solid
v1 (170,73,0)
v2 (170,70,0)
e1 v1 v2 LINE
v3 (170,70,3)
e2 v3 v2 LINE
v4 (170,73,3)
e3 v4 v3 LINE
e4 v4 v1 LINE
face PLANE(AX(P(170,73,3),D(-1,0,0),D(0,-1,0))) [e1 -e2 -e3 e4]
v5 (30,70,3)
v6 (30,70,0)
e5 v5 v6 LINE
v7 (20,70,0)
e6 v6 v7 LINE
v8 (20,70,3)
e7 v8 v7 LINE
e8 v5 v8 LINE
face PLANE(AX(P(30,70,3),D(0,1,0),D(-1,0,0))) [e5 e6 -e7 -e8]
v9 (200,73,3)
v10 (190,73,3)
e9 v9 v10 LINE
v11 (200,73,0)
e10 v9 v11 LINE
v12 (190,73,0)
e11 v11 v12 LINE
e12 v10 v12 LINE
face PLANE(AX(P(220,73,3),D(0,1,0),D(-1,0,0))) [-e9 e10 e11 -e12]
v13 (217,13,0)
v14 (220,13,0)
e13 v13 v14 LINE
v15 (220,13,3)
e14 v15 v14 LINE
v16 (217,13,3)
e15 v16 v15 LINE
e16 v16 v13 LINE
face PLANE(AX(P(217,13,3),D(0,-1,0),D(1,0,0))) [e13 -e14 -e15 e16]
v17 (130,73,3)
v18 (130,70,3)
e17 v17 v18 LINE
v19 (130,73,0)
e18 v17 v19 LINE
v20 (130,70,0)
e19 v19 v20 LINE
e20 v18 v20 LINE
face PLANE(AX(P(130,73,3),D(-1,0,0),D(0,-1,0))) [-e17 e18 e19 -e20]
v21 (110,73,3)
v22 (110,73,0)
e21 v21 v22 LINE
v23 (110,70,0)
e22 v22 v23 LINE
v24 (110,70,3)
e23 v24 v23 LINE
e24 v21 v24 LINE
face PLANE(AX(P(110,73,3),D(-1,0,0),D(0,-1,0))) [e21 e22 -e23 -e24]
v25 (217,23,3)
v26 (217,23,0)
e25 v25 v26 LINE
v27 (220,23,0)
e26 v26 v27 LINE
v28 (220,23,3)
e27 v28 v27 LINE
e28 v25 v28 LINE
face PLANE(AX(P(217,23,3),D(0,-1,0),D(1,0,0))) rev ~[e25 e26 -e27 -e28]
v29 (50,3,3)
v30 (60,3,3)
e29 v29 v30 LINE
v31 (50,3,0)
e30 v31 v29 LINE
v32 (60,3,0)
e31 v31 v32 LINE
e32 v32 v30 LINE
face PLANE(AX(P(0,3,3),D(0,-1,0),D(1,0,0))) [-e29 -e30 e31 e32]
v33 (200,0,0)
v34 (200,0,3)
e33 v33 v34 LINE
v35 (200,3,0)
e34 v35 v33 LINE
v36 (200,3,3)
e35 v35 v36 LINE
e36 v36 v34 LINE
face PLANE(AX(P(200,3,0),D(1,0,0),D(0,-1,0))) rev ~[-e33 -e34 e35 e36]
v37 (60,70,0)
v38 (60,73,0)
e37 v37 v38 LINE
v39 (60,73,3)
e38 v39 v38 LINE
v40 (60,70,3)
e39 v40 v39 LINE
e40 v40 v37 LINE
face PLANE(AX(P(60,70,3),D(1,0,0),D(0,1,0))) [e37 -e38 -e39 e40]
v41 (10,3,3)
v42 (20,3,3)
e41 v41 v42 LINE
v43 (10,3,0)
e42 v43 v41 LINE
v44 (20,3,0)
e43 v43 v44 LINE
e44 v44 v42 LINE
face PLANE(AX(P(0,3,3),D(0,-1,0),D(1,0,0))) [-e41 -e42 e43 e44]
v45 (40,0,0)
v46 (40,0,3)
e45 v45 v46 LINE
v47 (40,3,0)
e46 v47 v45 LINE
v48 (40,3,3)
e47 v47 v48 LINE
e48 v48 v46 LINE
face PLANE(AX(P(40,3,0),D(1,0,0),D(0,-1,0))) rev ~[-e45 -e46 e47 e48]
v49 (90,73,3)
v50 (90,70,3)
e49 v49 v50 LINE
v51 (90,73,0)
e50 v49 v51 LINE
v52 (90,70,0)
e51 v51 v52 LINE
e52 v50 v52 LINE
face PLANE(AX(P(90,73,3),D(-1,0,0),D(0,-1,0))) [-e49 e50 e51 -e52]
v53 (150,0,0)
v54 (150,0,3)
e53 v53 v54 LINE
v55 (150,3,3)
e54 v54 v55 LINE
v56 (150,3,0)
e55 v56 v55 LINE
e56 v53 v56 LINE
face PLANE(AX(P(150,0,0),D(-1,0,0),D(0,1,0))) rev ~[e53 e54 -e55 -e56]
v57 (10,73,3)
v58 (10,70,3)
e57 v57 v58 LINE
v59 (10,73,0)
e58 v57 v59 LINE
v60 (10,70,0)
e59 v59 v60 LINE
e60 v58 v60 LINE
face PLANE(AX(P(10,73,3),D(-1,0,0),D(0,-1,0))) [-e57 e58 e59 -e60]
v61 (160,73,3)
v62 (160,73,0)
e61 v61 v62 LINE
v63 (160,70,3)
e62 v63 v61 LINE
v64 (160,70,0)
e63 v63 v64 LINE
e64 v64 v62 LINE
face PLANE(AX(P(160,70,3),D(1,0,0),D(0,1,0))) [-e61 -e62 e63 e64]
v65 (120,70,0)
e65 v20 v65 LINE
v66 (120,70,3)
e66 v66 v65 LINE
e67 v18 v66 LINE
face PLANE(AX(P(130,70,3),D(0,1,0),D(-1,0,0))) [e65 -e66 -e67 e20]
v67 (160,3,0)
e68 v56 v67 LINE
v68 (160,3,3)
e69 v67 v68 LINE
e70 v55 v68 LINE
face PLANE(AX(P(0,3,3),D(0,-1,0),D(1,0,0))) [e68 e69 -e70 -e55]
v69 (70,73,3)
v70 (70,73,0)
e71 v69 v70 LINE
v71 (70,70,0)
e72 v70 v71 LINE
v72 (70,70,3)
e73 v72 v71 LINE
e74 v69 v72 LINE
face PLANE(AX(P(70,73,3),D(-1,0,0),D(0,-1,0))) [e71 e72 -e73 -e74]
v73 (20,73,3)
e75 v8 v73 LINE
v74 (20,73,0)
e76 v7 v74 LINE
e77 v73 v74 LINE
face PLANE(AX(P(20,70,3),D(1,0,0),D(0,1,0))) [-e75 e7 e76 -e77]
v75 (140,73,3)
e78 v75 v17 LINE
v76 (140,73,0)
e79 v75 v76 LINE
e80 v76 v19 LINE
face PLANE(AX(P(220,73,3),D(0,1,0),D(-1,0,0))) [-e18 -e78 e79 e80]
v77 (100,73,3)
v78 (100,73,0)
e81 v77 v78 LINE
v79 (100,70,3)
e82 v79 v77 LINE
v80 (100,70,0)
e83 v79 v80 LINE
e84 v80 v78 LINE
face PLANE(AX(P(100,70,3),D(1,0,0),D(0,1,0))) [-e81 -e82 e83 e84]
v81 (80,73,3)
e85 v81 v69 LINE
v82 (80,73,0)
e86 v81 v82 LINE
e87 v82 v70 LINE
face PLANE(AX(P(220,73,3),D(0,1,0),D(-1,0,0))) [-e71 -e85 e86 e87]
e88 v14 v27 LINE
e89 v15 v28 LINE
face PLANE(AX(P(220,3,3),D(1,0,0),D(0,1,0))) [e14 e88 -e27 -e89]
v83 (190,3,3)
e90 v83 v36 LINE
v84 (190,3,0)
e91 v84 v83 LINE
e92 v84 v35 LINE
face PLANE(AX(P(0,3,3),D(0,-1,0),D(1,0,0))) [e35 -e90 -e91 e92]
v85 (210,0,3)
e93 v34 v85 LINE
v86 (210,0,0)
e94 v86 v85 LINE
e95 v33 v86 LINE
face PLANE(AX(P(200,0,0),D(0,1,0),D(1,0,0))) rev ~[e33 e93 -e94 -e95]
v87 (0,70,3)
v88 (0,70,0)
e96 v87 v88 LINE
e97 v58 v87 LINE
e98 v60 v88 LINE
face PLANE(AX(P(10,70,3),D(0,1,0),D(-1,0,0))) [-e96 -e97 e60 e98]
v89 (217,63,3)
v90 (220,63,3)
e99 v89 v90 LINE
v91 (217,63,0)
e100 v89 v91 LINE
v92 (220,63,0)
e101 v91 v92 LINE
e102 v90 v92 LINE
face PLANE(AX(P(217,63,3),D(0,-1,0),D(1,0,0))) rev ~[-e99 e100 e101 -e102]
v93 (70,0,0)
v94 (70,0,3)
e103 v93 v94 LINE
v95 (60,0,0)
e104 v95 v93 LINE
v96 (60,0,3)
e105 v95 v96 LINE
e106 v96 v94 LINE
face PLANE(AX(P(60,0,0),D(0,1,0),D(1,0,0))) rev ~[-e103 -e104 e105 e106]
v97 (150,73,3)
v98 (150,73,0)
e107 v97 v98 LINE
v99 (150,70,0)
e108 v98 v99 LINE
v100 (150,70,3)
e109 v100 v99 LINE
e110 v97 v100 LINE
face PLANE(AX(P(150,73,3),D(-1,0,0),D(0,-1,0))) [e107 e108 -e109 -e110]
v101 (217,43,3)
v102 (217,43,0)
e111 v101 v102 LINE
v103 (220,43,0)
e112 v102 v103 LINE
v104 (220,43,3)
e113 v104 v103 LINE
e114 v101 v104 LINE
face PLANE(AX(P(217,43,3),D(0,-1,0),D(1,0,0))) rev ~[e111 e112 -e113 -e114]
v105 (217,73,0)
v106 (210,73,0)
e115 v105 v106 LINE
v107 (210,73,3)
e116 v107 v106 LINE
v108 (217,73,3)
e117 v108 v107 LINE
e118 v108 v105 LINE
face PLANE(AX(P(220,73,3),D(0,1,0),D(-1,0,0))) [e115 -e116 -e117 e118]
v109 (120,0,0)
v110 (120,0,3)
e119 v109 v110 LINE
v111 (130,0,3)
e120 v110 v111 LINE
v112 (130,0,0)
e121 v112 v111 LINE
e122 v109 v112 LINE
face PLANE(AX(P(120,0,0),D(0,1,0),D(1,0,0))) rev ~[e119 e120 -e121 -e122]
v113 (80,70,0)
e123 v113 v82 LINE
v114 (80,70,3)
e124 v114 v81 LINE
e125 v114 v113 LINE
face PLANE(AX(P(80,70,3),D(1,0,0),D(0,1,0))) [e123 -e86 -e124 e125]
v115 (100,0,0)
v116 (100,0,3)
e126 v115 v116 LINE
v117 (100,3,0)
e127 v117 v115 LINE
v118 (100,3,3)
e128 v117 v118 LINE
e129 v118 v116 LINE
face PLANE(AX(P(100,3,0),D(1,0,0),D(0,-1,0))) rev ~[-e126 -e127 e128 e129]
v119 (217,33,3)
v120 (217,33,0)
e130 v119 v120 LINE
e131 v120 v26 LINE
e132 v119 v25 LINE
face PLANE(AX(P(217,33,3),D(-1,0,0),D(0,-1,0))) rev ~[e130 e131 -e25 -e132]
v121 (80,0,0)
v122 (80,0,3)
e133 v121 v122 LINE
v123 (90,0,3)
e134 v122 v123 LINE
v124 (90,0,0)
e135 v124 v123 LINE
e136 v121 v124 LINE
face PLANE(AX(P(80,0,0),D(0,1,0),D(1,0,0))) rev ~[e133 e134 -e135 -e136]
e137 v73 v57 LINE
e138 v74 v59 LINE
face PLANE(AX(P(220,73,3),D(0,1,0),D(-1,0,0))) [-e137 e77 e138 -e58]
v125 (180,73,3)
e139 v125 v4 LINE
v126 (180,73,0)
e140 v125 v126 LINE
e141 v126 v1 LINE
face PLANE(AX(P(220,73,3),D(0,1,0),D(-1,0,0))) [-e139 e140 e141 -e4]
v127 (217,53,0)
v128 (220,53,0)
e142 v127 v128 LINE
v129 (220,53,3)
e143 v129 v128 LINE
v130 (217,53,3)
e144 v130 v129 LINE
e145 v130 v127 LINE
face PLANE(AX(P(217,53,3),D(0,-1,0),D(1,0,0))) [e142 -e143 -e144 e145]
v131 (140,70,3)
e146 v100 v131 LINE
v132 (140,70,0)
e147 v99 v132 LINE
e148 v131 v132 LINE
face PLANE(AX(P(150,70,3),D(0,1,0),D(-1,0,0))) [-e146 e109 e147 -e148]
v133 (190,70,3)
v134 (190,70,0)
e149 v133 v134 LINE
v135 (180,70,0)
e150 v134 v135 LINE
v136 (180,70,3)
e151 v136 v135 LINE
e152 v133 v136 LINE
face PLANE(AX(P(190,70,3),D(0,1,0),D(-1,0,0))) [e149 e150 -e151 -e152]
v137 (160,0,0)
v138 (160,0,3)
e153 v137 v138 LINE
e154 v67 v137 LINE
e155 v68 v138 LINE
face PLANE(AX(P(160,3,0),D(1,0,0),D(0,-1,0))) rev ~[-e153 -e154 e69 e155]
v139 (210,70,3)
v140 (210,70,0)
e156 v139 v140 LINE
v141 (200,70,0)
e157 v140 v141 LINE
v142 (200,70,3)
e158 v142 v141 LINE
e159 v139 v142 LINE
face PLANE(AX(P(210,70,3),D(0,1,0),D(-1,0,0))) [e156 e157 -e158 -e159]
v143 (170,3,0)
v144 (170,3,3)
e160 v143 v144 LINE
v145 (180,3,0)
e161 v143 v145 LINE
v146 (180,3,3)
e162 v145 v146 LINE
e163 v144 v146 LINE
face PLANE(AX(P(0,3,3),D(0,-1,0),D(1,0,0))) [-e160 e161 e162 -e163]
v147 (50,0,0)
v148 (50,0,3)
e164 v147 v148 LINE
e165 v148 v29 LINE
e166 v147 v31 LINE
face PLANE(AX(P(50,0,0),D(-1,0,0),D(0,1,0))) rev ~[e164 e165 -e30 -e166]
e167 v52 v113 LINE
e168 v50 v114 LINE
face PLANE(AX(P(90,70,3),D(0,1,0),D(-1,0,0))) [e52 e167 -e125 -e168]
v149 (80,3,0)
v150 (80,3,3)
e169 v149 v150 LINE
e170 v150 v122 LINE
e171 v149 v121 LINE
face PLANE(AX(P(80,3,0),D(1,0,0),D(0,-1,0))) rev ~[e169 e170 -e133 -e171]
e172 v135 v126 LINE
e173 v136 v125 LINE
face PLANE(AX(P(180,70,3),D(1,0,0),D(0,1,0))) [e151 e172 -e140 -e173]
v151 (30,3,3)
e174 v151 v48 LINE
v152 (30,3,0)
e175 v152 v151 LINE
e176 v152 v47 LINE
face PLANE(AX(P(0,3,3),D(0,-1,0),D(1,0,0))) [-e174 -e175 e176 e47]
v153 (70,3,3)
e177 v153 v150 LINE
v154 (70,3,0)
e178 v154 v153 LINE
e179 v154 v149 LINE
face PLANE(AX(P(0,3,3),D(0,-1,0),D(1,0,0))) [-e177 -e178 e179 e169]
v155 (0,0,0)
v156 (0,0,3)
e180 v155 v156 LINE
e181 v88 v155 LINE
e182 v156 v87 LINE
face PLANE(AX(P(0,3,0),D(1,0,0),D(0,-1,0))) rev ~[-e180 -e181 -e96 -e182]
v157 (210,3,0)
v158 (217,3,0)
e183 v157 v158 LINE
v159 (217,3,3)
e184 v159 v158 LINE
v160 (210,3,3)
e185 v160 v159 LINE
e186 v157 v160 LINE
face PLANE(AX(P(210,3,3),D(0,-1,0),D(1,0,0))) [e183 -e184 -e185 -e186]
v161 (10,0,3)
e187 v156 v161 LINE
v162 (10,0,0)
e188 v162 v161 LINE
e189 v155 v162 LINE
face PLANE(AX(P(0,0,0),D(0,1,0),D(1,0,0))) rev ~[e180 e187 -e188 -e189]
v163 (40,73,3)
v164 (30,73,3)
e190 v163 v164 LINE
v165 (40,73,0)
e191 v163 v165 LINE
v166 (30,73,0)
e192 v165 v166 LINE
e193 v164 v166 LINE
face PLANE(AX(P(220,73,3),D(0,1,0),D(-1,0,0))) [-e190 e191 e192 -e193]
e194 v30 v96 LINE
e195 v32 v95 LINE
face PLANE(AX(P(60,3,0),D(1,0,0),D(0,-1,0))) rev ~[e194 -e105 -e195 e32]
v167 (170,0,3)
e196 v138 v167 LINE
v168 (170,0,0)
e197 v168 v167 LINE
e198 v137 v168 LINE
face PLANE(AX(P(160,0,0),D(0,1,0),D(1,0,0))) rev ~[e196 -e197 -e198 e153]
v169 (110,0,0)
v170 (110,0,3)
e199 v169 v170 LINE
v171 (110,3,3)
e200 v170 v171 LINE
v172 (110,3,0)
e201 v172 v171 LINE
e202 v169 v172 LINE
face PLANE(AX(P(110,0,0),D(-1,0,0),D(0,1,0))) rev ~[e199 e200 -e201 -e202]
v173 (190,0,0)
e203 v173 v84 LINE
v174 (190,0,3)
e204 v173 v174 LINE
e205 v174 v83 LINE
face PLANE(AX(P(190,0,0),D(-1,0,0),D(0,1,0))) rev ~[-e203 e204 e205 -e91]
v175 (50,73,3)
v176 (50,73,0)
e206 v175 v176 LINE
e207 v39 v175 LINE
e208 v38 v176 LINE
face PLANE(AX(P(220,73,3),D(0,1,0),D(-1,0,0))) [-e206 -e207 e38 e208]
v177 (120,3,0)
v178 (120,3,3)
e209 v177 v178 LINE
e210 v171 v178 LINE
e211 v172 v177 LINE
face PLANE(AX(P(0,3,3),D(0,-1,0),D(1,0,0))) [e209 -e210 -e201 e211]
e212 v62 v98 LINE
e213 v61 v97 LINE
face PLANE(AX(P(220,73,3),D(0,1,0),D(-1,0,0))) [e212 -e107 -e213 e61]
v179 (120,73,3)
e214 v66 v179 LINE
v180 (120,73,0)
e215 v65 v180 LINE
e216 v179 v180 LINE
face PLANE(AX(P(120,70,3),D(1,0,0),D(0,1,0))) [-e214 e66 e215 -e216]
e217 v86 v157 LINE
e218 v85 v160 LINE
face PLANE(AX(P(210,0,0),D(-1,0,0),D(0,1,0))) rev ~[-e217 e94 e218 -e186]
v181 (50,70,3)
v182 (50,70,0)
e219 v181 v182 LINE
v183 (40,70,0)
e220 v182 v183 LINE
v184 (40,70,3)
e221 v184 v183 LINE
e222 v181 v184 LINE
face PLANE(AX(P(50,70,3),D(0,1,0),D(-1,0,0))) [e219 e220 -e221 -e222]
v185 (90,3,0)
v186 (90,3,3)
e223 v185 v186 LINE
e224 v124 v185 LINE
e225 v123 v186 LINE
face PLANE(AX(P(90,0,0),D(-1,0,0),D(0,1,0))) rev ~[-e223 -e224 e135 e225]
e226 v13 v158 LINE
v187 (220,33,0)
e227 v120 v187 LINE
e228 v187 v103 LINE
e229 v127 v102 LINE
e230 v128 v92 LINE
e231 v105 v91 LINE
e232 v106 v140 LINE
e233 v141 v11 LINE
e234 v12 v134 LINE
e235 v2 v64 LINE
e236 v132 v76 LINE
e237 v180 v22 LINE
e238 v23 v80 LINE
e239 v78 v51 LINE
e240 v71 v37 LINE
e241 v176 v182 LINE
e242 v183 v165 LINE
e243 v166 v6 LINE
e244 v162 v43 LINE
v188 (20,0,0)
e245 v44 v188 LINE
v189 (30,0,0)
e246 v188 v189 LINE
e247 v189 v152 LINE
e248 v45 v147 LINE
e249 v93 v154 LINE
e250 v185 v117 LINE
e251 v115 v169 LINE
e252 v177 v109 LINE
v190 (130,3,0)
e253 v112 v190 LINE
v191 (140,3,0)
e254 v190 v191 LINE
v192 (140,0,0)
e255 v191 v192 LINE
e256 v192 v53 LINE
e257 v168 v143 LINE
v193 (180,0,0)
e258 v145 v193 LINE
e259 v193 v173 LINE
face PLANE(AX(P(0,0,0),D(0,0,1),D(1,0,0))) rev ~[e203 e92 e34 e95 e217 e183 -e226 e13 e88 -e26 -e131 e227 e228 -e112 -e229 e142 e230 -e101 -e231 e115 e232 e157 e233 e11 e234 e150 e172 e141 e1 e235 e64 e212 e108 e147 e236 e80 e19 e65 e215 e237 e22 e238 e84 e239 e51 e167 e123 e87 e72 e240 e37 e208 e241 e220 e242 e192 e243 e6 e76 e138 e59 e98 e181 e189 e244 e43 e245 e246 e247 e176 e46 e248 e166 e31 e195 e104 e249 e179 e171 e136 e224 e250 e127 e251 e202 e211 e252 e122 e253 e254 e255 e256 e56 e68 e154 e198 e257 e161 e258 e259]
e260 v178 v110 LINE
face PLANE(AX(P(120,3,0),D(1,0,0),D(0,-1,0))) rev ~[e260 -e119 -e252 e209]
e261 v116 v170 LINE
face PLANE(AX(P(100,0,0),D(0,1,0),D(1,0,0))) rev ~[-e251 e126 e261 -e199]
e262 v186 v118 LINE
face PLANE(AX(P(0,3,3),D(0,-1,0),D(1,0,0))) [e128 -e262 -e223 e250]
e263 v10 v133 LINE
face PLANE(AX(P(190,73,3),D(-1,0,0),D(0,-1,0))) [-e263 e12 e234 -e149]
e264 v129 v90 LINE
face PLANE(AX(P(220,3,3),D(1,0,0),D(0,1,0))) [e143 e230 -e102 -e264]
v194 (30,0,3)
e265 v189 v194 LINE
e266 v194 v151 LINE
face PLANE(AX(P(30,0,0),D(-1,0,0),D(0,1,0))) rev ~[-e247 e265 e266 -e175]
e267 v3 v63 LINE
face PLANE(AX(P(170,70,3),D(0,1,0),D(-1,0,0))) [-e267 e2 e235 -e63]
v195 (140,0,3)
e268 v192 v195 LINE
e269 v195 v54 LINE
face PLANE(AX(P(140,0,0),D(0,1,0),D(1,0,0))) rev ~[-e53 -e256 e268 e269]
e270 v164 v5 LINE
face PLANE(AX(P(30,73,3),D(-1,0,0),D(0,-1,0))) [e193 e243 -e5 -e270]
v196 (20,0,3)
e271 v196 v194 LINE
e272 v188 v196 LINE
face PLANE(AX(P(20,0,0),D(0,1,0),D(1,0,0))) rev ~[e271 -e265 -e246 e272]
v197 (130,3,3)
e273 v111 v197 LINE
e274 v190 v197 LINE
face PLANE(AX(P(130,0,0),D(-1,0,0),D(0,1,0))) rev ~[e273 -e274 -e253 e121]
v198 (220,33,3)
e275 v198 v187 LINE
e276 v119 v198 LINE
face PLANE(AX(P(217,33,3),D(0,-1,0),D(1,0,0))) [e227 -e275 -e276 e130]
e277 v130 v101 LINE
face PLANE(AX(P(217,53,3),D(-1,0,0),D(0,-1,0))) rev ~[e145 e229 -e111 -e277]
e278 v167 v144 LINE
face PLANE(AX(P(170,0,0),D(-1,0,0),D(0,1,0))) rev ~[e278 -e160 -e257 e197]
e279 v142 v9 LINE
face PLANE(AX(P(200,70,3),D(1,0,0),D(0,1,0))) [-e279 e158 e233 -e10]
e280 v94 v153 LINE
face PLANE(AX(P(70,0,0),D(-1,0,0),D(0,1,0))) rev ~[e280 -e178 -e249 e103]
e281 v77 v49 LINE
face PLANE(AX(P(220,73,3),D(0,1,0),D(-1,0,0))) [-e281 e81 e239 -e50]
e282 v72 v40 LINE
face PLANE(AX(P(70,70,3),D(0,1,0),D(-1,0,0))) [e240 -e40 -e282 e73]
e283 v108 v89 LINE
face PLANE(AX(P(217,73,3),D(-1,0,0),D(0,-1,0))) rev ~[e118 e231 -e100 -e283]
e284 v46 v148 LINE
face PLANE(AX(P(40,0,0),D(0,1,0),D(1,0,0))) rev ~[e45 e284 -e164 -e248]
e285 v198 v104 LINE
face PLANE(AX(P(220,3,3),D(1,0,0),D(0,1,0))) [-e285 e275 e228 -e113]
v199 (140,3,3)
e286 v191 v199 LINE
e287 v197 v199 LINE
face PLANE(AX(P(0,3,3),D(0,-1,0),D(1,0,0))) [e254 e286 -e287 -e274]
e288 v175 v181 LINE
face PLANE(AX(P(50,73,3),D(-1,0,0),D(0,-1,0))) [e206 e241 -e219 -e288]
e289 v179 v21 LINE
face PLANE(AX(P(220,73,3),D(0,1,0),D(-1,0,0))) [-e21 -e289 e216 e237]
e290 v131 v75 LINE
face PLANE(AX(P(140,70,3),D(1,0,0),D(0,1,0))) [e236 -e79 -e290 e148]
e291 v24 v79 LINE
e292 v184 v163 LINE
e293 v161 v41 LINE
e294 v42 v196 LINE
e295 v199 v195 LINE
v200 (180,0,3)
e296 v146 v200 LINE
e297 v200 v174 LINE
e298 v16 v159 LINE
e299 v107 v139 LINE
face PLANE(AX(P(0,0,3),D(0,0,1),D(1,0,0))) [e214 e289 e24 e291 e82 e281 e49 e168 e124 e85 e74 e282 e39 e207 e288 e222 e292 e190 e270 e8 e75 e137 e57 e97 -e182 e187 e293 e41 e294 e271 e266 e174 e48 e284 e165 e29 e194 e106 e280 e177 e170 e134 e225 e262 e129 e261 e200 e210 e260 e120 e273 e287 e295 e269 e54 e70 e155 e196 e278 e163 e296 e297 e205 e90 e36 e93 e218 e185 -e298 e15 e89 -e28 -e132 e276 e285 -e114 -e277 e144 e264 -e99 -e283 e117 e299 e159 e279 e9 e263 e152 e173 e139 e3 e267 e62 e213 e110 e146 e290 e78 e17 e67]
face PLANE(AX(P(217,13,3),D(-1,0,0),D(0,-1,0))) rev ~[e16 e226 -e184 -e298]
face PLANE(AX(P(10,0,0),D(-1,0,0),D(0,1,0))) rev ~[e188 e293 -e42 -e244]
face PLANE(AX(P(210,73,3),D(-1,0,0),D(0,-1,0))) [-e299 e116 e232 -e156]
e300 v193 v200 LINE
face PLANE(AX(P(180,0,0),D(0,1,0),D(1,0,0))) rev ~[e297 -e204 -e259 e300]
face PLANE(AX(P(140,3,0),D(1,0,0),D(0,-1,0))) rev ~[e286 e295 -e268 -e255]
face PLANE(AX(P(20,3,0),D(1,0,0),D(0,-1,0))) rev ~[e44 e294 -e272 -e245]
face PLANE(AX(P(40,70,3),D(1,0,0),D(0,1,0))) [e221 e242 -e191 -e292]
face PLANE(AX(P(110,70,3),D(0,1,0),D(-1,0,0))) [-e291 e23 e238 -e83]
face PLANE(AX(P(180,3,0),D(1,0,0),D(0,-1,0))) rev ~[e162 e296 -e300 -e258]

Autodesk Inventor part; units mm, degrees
ref_plane "YZ Plane" through (0, 0, 0) normal (1, 0, 0) x (0, 1, 0)
ref_plane "XZ Plane" through (0, 0, 0) normal (0, 1, 0) x (-1, 0, 0)
ref_plane "XY Plane" through (0, 0, 0) normal (0, 0, 1) x (1, 0, 0)
sketch "Эскиз1" plane through (0, 0, 0) normal (0, 0, 1) x (1, 0, 0)
  line L0 (0, 0) -> (10, 0)
  line L1 (10, 0) -> (10, 3)
  line L2 (10, 3) -> (0, 3)
  line L3 (0, 3) -> (0, 0)
  dimension "d0" = 10
  dimension "d1" = 3
extrude "Выдавливание1" add sketch "Эскиз1" along normal blind 3
pattern_linear "Прямоуг.массив1" count 11 spacing 20 along (1, 0, 0) of "Выдавливание1"
sketch "Эскиз2" plane through (0, 0, 3) normal (0, 0, 1) x (1, 0, 0)
  line L0 (0, 3) -> (0, 0) projected
  line L1 (0, 3) -> (220, 3)
  line L2 (220, 3) -> (220, 73)
  line L3 (220, 73) -> (0, 73)
  line L4 (0, 73) -> (0, 3)
  line L5 (210, 0) -> (210, 3) projected
  dimension "d8" = 70
  dimension "d11" = 10
extrude "Выдавливание2" add sketch "Эскиз2" against normal blind 3
sketch "Эскиз3" plane through (0, 0, 3) normal (0, 0, 1) x (1, 0, 0)
  line L0 (0, 73) -> (220, 73) projected
  line L1 (220, 73) -> (217, 73)
  line L2 (217, 73) -> (217, 63)
  line L3 (217, 63) -> (220, 63)
  line L4 (220, 63) -> (220, 73)
  point P0 (0, 0)
  dimension "d12" = 3
  dimension "d13" = 10
extrude "Выдавливание3" cut sketch "Эскиз3" against normal blind 10
pattern_linear "Прямоуг.массив2" count 4 spacing 20 along (0, -1, 0) of "Выдавливание3"
sketch "Эскиз4" plane through (0, 0, 3) normal (0, 0, 1) x (1, 0, 0)
  line L0 (0, 73) -> (217, 73) projected
  line L1 (0, 73) -> (10, 73)
  line L2 (10, 73) -> (10, 70)
  line L3 (10, 70) -> (0, 70)
  line L4 (0, 70) -> (0, 73)
  point P0 (0, 0)
  dimension "d19" = 10
  dimension "d20" = 3
extrude "Выдавливание4" cut sketch "Эскиз4" against normal blind 10
pattern_linear "Прямоуг.массив3" count 11 spacing 20 along (1, 0, 0) of "Выдавливание4"
properties part number "000.102 - Left wall"
